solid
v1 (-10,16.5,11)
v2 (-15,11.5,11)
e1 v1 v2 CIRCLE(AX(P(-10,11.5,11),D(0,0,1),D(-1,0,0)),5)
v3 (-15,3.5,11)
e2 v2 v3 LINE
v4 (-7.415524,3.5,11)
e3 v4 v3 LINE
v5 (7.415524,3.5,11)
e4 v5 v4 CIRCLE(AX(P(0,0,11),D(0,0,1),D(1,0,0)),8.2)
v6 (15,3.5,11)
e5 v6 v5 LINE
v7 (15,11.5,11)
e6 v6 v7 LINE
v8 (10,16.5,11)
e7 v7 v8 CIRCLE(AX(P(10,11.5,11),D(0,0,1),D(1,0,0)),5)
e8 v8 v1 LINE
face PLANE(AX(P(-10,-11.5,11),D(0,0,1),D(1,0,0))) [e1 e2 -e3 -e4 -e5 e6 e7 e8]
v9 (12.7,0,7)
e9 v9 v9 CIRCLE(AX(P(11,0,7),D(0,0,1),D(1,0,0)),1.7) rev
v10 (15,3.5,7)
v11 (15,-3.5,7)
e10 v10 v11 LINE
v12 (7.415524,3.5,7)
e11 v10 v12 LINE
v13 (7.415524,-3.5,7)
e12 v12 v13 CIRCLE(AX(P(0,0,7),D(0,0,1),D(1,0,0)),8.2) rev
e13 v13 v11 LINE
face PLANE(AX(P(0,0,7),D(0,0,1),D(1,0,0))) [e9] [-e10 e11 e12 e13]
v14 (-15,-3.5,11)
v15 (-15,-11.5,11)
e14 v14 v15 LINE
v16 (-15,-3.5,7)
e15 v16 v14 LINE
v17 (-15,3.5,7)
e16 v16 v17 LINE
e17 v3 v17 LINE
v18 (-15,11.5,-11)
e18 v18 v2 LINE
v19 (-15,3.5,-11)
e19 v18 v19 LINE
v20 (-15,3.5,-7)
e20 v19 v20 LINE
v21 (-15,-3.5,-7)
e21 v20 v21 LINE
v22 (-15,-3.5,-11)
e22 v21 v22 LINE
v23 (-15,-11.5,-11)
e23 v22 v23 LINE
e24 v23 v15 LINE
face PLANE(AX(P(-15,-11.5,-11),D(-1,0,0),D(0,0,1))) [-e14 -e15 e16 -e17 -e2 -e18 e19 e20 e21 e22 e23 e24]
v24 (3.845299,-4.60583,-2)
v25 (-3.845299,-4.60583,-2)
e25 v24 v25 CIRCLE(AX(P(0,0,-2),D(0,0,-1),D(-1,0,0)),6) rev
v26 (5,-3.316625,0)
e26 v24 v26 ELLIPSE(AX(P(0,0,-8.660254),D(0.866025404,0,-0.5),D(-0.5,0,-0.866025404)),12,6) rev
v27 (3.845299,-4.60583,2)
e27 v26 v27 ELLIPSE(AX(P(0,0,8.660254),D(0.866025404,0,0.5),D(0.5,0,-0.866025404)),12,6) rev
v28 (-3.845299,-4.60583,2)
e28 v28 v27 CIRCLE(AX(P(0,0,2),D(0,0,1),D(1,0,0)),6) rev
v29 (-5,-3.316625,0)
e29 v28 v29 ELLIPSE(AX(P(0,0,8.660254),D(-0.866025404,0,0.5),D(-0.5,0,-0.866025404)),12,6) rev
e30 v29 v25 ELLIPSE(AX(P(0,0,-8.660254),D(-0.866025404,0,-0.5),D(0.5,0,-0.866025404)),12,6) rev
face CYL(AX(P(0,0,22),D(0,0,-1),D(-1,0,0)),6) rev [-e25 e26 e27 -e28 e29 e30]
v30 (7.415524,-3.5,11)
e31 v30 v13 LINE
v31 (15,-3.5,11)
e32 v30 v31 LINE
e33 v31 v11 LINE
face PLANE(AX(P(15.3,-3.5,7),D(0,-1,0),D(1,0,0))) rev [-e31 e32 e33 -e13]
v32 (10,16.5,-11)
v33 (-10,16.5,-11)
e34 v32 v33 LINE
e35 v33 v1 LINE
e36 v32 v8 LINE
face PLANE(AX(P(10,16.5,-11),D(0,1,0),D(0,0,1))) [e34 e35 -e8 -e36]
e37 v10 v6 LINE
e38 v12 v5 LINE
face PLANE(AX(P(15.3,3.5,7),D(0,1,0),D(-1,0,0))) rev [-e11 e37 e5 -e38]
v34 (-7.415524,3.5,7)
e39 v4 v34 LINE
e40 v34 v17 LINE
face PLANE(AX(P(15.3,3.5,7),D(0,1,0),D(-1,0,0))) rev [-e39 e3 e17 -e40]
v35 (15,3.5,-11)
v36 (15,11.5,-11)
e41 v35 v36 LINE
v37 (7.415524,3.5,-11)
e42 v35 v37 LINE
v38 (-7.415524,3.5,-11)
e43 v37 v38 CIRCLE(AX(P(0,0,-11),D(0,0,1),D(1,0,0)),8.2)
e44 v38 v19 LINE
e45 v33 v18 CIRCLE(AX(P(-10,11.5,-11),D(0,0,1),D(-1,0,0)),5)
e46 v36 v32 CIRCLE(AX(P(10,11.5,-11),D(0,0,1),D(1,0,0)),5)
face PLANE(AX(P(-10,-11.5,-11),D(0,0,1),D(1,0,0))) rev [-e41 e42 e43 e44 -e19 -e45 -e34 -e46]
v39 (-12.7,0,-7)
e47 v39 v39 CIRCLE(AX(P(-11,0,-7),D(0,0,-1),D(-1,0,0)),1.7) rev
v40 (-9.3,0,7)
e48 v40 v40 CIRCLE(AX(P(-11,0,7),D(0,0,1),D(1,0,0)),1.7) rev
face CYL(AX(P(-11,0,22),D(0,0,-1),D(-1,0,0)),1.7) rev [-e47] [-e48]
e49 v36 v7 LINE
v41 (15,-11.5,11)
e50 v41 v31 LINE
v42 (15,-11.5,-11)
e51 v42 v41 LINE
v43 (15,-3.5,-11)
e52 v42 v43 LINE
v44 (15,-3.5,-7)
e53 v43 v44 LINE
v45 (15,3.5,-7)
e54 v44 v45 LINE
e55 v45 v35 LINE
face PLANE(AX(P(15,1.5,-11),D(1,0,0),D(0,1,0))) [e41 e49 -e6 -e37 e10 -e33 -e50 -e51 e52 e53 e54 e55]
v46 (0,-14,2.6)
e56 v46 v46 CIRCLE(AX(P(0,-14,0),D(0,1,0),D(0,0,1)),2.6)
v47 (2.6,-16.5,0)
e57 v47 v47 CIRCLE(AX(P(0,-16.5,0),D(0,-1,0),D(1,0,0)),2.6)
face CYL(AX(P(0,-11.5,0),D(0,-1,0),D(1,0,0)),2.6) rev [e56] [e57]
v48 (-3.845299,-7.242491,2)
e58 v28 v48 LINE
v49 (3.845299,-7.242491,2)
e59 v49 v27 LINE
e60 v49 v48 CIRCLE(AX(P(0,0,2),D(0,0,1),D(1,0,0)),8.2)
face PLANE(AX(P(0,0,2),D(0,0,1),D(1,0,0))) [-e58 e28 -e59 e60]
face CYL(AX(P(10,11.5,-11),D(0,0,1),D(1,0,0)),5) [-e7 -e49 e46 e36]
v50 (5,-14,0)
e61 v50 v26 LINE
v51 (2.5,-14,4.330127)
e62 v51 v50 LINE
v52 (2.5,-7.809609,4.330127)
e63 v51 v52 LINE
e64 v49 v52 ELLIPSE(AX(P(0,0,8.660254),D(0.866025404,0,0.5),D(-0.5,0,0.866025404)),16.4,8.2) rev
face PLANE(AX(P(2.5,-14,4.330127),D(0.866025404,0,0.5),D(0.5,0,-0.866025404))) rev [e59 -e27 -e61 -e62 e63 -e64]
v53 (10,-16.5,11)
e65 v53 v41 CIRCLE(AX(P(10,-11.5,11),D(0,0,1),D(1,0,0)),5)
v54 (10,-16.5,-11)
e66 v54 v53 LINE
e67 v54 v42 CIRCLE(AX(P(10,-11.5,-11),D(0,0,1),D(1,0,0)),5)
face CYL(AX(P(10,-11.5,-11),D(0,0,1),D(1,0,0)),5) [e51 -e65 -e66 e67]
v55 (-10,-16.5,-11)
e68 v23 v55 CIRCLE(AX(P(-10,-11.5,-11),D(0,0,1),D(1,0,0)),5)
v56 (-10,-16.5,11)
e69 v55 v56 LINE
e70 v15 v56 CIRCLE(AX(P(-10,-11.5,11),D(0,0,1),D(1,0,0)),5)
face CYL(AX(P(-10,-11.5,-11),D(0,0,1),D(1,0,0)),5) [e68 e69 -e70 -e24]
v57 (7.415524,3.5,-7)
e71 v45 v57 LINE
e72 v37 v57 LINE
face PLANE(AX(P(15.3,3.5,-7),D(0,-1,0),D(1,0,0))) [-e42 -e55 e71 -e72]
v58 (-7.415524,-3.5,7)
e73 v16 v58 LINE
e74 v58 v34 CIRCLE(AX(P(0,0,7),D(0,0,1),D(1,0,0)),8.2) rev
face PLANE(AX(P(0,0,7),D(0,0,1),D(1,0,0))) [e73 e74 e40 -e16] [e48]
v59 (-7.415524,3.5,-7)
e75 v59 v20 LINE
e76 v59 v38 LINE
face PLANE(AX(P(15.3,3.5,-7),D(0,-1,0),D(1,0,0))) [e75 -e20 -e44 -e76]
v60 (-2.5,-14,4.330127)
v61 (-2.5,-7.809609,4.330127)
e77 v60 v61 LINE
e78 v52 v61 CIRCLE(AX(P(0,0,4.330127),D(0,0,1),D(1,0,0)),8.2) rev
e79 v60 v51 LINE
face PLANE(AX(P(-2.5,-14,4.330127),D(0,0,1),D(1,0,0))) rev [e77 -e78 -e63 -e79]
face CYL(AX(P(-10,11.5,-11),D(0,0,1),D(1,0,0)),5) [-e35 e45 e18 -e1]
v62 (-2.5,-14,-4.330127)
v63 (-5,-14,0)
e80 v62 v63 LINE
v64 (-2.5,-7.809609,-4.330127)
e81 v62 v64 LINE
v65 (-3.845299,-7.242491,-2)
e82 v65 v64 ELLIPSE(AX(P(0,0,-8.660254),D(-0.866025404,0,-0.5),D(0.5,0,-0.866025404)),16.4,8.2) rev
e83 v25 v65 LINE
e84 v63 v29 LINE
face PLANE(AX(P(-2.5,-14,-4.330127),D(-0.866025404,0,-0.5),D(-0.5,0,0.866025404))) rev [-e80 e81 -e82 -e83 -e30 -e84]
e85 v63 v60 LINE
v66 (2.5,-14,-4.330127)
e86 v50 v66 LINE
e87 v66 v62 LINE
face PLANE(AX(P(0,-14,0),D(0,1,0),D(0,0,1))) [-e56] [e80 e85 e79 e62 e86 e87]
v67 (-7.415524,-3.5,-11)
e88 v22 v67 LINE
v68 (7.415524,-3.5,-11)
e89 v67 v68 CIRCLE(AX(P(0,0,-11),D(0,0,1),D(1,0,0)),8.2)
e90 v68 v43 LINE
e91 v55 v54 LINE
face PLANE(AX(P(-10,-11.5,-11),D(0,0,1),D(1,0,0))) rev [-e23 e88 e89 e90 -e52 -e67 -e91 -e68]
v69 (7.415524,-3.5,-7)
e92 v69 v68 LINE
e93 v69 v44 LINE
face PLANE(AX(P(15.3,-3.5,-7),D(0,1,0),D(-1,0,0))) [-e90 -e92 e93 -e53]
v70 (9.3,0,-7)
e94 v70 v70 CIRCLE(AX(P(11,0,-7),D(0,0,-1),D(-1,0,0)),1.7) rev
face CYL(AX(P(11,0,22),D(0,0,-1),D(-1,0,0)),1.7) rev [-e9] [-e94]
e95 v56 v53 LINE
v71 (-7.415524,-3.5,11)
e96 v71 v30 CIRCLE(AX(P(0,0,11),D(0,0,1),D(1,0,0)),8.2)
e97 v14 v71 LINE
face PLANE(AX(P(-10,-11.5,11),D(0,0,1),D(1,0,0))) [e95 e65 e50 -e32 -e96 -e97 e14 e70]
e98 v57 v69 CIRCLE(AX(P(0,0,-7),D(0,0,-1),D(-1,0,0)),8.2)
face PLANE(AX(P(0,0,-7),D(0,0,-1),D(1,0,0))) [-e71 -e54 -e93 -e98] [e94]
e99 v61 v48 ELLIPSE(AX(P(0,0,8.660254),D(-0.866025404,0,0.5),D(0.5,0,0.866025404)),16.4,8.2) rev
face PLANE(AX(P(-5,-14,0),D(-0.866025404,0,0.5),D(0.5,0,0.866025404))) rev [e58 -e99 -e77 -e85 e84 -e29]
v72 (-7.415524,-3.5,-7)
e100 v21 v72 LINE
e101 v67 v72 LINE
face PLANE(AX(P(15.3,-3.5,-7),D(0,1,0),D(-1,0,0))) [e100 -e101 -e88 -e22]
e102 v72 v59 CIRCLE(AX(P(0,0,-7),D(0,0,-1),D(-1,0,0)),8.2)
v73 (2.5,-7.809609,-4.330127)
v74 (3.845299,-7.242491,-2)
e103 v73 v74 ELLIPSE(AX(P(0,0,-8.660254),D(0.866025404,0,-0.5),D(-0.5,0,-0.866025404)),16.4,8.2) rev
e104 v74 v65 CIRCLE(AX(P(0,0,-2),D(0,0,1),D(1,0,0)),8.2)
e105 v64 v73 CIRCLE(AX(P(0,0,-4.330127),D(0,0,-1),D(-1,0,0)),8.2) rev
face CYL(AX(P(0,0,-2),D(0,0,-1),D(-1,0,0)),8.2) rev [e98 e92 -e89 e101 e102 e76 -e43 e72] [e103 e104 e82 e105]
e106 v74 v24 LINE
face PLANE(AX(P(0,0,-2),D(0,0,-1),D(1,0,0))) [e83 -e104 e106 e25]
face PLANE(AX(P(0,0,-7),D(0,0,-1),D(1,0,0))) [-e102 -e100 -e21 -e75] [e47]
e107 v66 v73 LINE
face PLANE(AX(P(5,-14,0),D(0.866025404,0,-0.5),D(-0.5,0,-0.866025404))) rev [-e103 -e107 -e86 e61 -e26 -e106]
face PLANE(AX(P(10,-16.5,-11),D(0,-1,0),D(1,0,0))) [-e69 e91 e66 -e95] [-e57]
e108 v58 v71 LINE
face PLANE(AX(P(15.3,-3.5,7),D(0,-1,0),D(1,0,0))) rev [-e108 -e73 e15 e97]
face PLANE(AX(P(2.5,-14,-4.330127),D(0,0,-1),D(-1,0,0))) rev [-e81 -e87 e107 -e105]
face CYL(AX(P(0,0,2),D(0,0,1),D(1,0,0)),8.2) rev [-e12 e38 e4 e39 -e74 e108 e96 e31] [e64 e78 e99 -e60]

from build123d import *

# Parameters (mm, degrees)
SALIENTE_EXTRUIR2_DEPTH      = 11
SALIENTE_EXTRUIR2_DEPTH_BACK = 11
CROQUIS4_R                   = 6
CROQUIS4_R_2                 = 1.7
CORTAR_EXTRUIR2_DEPTH        = 33
CROQUIS5_R                   = 8.2
CORTAR_EXTRUIR3_DEPTH        = 9
CROQUIS6_W                   = 30.6
CROQUIS6_H                   = 7
CORTAR_EXTRUIR4_DEPTH        = 4
CORTAR_EXTRUIR6_DEPTH        = 14
CROQUIS9_R                   = 2.6
CORTAR_EXTRUIR7_DEPTH        = 5


with BuildPart() as part:
    # Croquis2 → Saliente-Extruir2 (new body, two sides)
    with BuildSketch(Plane.XY) as saliente_extruir2_sk:
        with BuildLine():
            Line((-15, -1.5), (-15, 1.5))
            Line((-15, 1.5), (-15, 11.5))
            ThreePointArc((-15, 11.5), (-13.535533906, 15.035533906), (-10, 16.5))
            Line((-10, 16.5), (10, 16.5))
            ThreePointArc((10, 16.5), (13.535533906, 15.035533906), (15, 11.5))
            Line((15, 11.5), (15, 1.5))
            Line((15, 1.5), (15, -1.5))
            Line((15, -1.5), (15, -11.5))
            ThreePointArc((15, -11.5), (13.535533906, -15.035533906), (10, -16.5))
            Line((10, -16.5), (-10, -16.5))
            ThreePointArc((-10, -16.5), (-13.535533906, -15.035533906), (-15, -11.5))
            Line((-15, -11.5), (-15, -1.5))
        make_face()
    extrude(amount=SALIENTE_EXTRUIR2_DEPTH)
    extrude(saliente_extruir2_sk.sketch, amount=-SALIENTE_EXTRUIR2_DEPTH_BACK)

    # Croquis4 → Cortar-Extruir2 (cut)
    with BuildSketch(Plane(origin=(0, 0, -11), x_dir=(-1, 0, 0), z_dir=(0, 0, -1))):
        Circle(CROQUIS4_R)
        with Locations((-11, 0)):
            Circle(CROQUIS4_R_2)
        with Locations((11, 0)):
            Circle(CROQUIS4_R_2)
    extrude(amount=-CORTAR_EXTRUIR2_DEPTH, mode=Mode.SUBTRACT)

    # Croquis5 → Cortar-Extruir3 (cut)
    with BuildSketch(Plane.XY.offset(11)):
        Circle(CROQUIS5_R)
    cortar_extruir3 = extrude(amount=-CORTAR_EXTRUIR3_DEPTH, mode=Mode.SUBTRACT)

    # Croquis6 → Cortar-Extruir4 (cut)
    with BuildSketch(Plane.XY.offset(11)):
        Rectangle(CROQUIS6_W, CROQUIS6_H)
    cortar_extruir4 = extrude(amount=-CORTAR_EXTRUIR4_DEPTH, mode=Mode.SUBTRACT)

    # Croquis8 → Cortar-Extruir6 (cut)
    with BuildSketch(Plane(origin=(0, 0, 0), x_dir=(1, 0, 0), z_dir=(0, 1, 0))):
        Polygon((5, 0), (2.5, 4.330127019), (-2.5, 4.330127019), (-5, 0), (-2.5, -4.330127019), (2.5, -4.330127019), align=None)
    extrude(amount=-CORTAR_EXTRUIR6_DEPTH, mode=Mode.SUBTRACT)

    # Croquis9 → Cortar-Extruir7 (cut)
    with BuildSketch(Plane.XZ.offset(16.5)):
        Circle(CROQUIS9_R)
    extrude(amount=-CORTAR_EXTRUIR7_DEPTH, mode=Mode.SUBTRACT)

    # Simetr_a1: Cortar-Extruir3, Cortar-Extruir4 across plane
    add(cortar_extruir3.mirror(Plane.XY), mode=Mode.SUBTRACT)
    add(cortar_extruir4.mirror(Plane.XY), mode=Mode.SUBTRACT)


solid = part.part
